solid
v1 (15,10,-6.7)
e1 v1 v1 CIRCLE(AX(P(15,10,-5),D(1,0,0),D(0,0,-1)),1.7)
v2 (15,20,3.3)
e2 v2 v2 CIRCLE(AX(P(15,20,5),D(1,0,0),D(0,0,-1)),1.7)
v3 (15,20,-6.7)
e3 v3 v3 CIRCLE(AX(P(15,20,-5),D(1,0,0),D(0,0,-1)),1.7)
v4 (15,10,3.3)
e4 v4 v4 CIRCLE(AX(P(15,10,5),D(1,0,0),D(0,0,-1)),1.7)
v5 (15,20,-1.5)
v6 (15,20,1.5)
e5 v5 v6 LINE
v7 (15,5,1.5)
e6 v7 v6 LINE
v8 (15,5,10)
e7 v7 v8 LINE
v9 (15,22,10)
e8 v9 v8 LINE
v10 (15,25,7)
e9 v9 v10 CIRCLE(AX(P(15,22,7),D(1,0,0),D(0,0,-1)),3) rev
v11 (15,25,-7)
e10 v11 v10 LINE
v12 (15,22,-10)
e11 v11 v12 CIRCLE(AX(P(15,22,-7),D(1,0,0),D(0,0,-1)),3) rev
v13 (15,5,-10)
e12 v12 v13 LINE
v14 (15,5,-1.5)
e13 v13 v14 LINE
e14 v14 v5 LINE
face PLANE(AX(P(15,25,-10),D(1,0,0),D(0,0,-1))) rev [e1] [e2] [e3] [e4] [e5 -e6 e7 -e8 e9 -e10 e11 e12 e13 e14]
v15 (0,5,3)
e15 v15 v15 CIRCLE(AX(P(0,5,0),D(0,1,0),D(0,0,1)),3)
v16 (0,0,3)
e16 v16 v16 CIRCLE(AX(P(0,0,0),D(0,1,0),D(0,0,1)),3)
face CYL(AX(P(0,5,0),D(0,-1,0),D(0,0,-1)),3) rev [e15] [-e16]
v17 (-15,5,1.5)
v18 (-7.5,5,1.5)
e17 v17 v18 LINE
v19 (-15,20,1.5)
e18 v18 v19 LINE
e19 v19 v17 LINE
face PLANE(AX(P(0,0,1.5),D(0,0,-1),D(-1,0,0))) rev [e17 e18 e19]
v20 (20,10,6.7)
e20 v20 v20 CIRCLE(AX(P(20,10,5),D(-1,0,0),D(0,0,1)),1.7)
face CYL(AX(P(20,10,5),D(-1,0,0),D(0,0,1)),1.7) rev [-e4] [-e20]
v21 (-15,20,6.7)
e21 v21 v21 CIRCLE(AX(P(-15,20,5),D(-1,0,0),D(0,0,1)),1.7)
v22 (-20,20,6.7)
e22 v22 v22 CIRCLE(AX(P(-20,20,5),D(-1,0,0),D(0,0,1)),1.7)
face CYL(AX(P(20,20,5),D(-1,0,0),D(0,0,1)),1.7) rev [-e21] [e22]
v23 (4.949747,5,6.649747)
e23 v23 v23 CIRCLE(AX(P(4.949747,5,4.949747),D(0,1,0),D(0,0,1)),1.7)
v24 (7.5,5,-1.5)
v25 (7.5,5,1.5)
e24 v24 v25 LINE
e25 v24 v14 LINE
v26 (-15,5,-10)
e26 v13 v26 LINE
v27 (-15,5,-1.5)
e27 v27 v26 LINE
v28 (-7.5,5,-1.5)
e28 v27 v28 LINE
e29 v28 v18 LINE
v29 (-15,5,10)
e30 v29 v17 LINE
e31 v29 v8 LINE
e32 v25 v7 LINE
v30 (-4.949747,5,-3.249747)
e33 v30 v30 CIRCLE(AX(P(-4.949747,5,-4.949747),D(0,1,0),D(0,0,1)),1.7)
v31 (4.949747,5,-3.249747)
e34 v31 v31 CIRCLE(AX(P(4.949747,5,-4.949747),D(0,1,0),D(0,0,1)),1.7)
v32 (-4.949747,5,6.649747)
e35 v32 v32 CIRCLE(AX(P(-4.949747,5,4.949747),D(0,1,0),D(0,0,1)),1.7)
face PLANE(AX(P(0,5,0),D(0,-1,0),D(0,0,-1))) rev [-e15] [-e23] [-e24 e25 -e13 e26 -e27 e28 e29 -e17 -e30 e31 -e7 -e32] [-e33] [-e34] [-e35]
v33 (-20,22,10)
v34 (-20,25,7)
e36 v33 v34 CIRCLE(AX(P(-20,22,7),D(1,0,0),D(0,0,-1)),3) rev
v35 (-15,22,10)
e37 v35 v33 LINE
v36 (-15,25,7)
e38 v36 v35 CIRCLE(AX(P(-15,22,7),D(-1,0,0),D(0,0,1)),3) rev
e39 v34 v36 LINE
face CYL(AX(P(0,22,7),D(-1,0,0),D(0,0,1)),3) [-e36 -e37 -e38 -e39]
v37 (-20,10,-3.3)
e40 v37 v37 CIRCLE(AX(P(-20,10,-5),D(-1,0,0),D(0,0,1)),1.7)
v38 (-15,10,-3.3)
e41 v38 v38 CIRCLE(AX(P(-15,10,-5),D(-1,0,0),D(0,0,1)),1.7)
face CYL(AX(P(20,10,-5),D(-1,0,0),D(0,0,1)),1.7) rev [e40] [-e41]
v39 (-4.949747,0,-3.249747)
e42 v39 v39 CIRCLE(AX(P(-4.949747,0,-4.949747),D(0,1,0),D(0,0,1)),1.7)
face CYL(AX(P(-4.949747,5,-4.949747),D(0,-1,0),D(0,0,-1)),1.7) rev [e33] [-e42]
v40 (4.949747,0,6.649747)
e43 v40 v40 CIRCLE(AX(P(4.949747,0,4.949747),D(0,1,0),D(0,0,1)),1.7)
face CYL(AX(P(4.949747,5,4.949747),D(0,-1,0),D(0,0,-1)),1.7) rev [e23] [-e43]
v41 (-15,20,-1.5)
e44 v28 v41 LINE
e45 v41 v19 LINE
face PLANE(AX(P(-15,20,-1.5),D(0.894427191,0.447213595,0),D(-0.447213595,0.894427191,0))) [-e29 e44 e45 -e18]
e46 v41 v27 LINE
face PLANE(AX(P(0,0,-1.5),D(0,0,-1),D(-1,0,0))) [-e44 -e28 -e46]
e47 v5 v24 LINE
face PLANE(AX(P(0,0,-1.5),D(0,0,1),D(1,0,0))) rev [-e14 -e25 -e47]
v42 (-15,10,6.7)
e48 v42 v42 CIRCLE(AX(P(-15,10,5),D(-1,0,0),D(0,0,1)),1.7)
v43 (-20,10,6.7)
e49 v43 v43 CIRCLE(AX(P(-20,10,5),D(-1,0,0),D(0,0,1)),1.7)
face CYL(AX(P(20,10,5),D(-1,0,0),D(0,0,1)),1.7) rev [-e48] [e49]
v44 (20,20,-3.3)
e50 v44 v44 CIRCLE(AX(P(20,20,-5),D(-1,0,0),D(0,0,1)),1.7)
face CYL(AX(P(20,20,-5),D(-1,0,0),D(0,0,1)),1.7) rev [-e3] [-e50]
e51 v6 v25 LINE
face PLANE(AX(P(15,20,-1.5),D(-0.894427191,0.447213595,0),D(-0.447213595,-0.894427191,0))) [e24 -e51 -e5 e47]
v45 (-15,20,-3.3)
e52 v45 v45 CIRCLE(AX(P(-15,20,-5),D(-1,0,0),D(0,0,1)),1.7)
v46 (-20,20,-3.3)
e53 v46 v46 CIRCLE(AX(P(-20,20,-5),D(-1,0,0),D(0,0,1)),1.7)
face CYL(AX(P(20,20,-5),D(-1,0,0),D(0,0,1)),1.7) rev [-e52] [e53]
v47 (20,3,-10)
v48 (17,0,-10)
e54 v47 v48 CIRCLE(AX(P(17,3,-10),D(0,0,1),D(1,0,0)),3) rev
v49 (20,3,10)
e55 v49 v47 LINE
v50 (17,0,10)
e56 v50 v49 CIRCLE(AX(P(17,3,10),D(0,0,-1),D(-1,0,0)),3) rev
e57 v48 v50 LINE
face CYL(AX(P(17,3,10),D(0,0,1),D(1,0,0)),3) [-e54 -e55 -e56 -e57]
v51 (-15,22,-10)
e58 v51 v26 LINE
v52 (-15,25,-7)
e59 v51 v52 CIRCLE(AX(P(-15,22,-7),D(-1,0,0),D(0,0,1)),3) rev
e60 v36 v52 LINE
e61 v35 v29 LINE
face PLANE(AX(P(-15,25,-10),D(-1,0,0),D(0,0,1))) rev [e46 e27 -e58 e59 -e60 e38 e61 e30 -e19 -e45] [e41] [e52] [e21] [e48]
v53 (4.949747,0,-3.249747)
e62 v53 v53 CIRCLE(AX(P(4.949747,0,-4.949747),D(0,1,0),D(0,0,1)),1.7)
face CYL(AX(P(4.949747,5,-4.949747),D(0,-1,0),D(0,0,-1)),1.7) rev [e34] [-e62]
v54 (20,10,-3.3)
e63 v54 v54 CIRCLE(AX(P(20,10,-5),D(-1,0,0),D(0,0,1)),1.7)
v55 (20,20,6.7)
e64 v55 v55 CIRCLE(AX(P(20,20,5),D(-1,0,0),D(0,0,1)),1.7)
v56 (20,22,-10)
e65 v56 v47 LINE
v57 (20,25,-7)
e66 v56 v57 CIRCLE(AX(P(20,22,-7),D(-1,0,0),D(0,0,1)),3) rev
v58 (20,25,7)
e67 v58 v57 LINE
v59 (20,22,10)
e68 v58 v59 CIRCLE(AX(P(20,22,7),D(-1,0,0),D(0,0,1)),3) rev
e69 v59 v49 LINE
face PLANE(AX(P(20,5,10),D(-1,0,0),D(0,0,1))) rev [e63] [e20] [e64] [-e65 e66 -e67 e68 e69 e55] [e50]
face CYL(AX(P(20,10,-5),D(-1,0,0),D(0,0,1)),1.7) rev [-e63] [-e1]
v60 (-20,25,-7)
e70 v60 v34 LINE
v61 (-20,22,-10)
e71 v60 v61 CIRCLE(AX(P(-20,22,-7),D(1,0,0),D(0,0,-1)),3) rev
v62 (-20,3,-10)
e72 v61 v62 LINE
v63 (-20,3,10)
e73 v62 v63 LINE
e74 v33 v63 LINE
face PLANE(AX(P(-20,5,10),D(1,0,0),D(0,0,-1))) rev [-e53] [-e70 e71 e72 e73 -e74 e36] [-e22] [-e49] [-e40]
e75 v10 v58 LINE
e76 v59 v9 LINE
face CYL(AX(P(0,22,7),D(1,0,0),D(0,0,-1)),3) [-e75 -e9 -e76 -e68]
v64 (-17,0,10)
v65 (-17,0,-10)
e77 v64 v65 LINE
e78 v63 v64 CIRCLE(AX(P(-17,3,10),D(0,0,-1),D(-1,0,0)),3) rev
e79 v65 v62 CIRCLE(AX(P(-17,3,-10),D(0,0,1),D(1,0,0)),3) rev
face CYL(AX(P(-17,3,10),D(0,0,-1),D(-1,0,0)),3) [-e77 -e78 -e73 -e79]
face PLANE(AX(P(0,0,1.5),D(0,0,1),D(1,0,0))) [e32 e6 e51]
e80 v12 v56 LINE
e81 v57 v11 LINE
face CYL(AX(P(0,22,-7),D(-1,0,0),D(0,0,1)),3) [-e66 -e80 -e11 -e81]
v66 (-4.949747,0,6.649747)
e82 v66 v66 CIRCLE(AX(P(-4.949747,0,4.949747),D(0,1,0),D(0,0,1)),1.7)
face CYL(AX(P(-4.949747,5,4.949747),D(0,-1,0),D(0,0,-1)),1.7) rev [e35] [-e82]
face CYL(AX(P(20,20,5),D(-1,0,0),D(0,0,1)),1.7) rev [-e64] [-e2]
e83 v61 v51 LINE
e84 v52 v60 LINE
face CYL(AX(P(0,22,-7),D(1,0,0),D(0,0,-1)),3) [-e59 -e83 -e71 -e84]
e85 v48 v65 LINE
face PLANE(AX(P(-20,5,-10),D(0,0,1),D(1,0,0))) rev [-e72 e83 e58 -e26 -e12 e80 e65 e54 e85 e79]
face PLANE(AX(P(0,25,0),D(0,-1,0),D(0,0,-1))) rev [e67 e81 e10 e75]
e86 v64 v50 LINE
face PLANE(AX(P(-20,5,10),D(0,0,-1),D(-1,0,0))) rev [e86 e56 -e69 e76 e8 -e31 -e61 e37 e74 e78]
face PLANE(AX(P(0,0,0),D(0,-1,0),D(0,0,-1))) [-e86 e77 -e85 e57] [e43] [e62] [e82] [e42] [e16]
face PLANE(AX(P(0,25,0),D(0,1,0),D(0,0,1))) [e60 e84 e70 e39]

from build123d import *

# Parameters (mm, degrees)
SKETCH_1_W           = 40
SKETCH_1_H           = 20
SKETCH_1_R           = 1.7
SKETCH_1_R_2         = 3
EXTRUDE_1_DEPTH      = 5
SKETCH_2_W           = 5
SKETCH_2_H           = 20
EXTRUDE_2_DEPTH      = 20
EXTRUDE_3_DEPTH      = 1.5
EXTRUDE_3_DEPTH_BACK = 1.5
SKETCH_4_R           = 1.7
CUT_EXTRUDE_1_DEPTH  = 49.218253805
FILLET_1_R           = 3


with BuildPart() as part:
    # 草图1 → 凸台-拉伸1 (new body)
    with BuildSketch(Plane(origin=(0, 0, 0), x_dir=(1, 0, 0), z_dir=(0, 1, 0))):
        Rectangle(SKETCH_1_W, SKETCH_1_H)
        with Locations(Location((4.949747468, 4.949747468, 0), (0, 0, 270))):
            Circle(SKETCH_1_R, mode=Mode.SUBTRACT)
        with Locations(Location((4.949747468, -4.949747468, 0), (0, 0, 270))):
            Circle(SKETCH_1_R, mode=Mode.SUBTRACT)
        with Locations(Location((-4.949747468, -4.949747468, 0), (0, 0, 270))):
            Circle(SKETCH_1_R, mode=Mode.SUBTRACT)
        with Locations(Location((-4.949747468, 4.949747468, 0), (0, 0, 270))):
            Circle(SKETCH_1_R, mode=Mode.SUBTRACT)
        with Locations(Location((0, 0, 0), (0, 0, 270))):
            Circle(SKETCH_1_R_2, mode=Mode.SUBTRACT)
    extrude(amount=EXTRUDE_1_DEPTH)

    # 草图2 → 凸台-拉伸2 (add)
    with BuildSketch(Plane(origin=(0, 5, 0), x_dir=(1, 0, 0), z_dir=(0, 1, 0))):
        with Locations((-17.5, 0)):
            Rectangle(SKETCH_2_W, SKETCH_2_H)
        with Locations((17.5, 0)):
            Rectangle(SKETCH_2_W, SKETCH_2_H)
    extrude(amount=EXTRUDE_2_DEPTH)

    # 草图3 → 凸台-拉伸3 (add, two sides: drawn at the far end of the back side and taken through both)
    with BuildSketch(Plane.XY.offset(-EXTRUDE_3_DEPTH_BACK)):
        Polygon((-15, 20), (-7.5, 5), (-15, 5), align=None)
        Polygon((15, 5), (15, 20), (7.5, 5), align=None)
    extrude(amount=EXTRUDE_3_DEPTH + EXTRUDE_3_DEPTH_BACK)

    # 草图4 → 切除-拉伸1 (cut, through all)
    with BuildSketch(Plane.ZY.offset(20)):
        with Locations((-5, 20)):
            Circle(SKETCH_4_R)
        with Locations((5, 20)):
            Circle(SKETCH_4_R)
        with Locations((5, 10)):
            Circle(SKETCH_4_R)
        with Locations((-5, 10)):
            Circle(SKETCH_4_R)
    extrude(amount=-CUT_EXTRUDE_1_DEPTH, mode=Mode.SUBTRACT)

    # 圆角1
    fillet_1_edges = [part.edges().sort_by_distance(p)[0] for p in [
        (-17.5, 25, 10),
        (-17.5, 25, -10),
        (17.5, 25, -10),
        (17.5, 25, 10),
        (-20, 0, 0),
        (20, 0, 0),
    ]]
    fillet(fillet_1_edges, radius=FILLET_1_R)


solid = part.part
